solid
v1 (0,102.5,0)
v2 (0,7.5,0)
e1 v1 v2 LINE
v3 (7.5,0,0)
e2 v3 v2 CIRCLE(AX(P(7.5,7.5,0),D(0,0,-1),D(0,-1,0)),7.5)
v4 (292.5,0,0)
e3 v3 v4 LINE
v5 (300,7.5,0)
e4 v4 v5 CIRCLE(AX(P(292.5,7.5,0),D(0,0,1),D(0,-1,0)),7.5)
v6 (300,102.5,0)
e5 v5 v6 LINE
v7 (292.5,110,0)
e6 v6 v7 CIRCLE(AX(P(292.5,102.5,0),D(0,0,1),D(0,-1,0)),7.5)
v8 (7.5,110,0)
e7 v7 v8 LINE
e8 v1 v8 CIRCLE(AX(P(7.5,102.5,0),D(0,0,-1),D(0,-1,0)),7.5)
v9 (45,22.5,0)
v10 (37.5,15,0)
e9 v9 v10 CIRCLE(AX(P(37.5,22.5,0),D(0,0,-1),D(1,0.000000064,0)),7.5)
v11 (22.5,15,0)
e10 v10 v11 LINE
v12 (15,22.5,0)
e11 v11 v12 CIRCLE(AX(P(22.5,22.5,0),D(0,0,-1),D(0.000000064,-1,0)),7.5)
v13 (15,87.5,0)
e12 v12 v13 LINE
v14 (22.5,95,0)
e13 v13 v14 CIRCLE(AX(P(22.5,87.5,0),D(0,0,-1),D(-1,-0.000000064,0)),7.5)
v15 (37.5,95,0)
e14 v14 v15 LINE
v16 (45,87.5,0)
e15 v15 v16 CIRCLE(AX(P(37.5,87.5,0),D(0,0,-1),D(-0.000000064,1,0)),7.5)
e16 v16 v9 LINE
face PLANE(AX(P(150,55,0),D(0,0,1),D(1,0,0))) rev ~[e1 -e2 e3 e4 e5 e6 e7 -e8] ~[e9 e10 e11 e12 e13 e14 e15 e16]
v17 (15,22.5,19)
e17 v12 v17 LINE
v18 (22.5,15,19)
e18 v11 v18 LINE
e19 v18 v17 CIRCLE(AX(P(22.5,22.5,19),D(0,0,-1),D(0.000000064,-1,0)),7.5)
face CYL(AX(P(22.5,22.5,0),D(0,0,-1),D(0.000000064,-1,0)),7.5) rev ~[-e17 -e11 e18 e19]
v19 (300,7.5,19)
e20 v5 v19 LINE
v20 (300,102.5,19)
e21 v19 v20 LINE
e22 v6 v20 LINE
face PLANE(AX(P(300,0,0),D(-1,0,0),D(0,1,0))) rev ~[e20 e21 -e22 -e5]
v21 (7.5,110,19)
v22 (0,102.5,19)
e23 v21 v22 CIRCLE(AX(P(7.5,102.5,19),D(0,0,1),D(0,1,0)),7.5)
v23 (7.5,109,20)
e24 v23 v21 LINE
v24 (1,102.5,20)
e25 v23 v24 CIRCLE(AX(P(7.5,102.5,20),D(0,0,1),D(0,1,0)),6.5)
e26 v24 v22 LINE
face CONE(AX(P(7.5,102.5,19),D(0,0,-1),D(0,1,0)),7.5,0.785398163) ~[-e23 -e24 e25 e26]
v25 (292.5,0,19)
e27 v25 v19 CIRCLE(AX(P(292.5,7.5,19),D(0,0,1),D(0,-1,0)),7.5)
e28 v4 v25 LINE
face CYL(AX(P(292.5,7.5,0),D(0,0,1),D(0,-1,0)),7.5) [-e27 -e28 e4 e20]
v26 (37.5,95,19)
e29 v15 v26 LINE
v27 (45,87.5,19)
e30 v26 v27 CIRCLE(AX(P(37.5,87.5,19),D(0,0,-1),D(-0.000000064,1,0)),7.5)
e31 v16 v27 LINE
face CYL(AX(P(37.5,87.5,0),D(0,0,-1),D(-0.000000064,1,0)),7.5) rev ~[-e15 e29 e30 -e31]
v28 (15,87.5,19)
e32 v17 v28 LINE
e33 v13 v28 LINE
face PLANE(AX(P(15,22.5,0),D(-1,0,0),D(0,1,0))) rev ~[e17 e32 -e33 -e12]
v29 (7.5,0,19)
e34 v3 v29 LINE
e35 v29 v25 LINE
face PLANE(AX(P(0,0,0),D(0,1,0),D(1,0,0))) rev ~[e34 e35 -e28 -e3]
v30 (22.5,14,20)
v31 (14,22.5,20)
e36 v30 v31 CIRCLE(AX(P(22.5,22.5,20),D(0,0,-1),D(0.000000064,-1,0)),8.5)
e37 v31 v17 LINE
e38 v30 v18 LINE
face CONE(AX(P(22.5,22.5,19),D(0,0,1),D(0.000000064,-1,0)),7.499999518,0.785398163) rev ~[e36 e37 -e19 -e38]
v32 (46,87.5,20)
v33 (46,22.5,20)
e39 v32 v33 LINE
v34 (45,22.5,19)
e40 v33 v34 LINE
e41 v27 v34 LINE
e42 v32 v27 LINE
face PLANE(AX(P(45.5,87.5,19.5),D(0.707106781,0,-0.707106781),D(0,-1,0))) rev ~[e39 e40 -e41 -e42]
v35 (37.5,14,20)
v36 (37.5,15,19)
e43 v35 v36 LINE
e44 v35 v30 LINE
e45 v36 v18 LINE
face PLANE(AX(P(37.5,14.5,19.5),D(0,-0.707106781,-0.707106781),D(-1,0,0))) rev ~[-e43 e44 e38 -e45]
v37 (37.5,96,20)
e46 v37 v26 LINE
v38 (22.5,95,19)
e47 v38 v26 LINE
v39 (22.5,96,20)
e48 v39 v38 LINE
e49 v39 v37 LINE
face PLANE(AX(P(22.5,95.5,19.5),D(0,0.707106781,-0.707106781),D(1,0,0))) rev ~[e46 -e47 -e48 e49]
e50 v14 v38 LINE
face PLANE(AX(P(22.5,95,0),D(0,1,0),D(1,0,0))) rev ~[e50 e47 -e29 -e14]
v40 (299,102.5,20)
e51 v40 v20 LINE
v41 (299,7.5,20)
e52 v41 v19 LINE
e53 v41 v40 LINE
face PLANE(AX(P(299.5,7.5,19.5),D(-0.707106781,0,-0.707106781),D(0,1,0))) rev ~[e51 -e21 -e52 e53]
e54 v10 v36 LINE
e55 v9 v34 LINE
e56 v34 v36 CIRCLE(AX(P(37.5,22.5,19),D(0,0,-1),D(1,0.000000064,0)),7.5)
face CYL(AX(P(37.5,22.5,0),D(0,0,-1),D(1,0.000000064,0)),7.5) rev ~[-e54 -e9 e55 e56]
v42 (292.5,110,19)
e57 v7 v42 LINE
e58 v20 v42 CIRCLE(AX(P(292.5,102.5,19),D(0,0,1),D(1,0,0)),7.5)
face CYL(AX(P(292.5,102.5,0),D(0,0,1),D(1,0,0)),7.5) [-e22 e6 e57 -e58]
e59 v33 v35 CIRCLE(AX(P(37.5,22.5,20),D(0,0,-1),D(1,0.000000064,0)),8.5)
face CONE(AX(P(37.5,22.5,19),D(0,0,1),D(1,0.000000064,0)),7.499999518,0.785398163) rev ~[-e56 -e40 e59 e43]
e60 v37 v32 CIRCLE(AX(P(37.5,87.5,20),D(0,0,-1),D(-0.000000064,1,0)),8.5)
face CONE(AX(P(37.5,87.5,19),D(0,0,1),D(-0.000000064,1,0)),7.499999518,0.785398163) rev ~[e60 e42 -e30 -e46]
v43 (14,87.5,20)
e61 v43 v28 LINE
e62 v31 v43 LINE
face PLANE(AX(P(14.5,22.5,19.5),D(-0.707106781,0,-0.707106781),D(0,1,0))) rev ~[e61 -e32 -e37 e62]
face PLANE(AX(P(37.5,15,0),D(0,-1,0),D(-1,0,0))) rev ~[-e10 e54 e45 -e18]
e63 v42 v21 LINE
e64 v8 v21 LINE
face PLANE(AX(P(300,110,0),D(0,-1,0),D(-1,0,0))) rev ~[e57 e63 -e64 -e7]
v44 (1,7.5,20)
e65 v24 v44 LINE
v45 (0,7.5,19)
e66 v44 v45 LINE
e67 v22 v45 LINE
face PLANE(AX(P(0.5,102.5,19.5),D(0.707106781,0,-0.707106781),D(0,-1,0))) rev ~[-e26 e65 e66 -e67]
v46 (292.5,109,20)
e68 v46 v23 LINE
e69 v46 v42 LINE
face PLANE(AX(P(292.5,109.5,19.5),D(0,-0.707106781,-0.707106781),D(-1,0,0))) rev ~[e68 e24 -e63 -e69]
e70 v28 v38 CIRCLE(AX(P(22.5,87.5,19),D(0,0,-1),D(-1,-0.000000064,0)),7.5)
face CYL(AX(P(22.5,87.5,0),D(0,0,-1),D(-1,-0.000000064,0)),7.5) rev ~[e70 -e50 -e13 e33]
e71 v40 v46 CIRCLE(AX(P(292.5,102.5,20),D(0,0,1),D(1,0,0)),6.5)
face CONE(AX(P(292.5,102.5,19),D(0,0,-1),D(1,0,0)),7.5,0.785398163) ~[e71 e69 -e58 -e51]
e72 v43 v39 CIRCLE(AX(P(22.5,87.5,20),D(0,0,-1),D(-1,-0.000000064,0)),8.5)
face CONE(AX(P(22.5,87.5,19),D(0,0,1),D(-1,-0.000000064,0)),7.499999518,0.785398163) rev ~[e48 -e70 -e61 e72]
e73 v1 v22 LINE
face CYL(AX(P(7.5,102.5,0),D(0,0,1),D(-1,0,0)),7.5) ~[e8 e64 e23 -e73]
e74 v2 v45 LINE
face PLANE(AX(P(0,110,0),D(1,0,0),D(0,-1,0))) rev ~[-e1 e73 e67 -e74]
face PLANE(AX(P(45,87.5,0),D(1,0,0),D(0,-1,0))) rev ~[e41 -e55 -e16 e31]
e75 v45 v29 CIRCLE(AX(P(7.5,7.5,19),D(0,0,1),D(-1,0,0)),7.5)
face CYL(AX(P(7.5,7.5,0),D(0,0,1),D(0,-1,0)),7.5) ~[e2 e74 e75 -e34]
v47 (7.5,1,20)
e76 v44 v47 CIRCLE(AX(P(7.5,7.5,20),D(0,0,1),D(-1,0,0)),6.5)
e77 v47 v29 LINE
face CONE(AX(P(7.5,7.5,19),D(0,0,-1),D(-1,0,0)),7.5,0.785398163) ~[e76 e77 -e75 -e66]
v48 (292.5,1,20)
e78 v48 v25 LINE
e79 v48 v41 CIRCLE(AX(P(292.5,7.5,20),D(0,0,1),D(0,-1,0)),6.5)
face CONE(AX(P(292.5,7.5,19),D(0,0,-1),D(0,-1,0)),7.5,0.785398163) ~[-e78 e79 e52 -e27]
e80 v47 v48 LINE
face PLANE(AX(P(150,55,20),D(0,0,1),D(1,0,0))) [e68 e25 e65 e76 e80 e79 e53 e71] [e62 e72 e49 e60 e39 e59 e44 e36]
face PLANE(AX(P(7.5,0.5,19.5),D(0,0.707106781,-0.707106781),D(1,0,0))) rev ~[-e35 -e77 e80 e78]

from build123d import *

# Parameters (mm, degrees)
F1_DEPTH = 20
F2_R     = 7.5
F3_SIZE  = 1


with BuildPart() as f1:
    # F0 (on Top) → F1 (new body)
    with BuildSketch(Plane.XY):
        Polygon((0, 55), (0, 0), (300, 0), (300, 110), (0, 110), align=None)
        with BuildLine():
            Line((15, 22.5), (15, 55))
            Line((15, 55), (15, 87.5))
            ThreePointArc((15, 87.5), (17.196699, 92.803301), (22.5, 95))
            Line((22.5, 95), (37.5, 95))
            ThreePointArc((37.5, 95), (42.803301, 92.803301), (45, 87.5))
            Line((45, 87.5), (45, 22.5))
            ThreePointArc((45, 22.5), (42.803301, 17.196699), (37.5, 15))
            Line((37.5, 15), (22.5, 15))
            ThreePointArc((22.5, 15), (17.196699, 17.196699), (15, 22.5))
        make_face(mode=Mode.SUBTRACT)
    extrude(amount=F1_DEPTH)

    # F2
    f2_edges = [f1.edges().sort_by_distance(p)[0] for p in [
        (300, 0, 10),
        (300, 110, 10),
        (0, 0, 10),
        (0, 110, 10),
    ]]
    fillet(f2_edges, radius=F2_R)

    # F3
    f3_edges = [f1.edges().sort_by_distance(p)[0] for p in [
        (0, 55, 20),
        (2.196699, 2.196699, 20),
        (2.196699, 107.803301, 20),
        (150, 0, 20),
        (150, 110, 20),
        (297.803301, 2.196699, 20),
        (297.803301, 107.803301, 20),
        (300, 55, 20),
        (15, 55, 20),
        (17.196699, 92.803301, 20),
        (30, 95, 20),
        (42.803301, 92.803301, 20),
        (45, 55, 20),
        (42.803301, 17.196699, 20),
        (30, 15, 20),
        (17.196699, 17.196699, 20),
    ]]
    chamfer(f3_edges, length=F3_SIZE)


solid = f1.part
